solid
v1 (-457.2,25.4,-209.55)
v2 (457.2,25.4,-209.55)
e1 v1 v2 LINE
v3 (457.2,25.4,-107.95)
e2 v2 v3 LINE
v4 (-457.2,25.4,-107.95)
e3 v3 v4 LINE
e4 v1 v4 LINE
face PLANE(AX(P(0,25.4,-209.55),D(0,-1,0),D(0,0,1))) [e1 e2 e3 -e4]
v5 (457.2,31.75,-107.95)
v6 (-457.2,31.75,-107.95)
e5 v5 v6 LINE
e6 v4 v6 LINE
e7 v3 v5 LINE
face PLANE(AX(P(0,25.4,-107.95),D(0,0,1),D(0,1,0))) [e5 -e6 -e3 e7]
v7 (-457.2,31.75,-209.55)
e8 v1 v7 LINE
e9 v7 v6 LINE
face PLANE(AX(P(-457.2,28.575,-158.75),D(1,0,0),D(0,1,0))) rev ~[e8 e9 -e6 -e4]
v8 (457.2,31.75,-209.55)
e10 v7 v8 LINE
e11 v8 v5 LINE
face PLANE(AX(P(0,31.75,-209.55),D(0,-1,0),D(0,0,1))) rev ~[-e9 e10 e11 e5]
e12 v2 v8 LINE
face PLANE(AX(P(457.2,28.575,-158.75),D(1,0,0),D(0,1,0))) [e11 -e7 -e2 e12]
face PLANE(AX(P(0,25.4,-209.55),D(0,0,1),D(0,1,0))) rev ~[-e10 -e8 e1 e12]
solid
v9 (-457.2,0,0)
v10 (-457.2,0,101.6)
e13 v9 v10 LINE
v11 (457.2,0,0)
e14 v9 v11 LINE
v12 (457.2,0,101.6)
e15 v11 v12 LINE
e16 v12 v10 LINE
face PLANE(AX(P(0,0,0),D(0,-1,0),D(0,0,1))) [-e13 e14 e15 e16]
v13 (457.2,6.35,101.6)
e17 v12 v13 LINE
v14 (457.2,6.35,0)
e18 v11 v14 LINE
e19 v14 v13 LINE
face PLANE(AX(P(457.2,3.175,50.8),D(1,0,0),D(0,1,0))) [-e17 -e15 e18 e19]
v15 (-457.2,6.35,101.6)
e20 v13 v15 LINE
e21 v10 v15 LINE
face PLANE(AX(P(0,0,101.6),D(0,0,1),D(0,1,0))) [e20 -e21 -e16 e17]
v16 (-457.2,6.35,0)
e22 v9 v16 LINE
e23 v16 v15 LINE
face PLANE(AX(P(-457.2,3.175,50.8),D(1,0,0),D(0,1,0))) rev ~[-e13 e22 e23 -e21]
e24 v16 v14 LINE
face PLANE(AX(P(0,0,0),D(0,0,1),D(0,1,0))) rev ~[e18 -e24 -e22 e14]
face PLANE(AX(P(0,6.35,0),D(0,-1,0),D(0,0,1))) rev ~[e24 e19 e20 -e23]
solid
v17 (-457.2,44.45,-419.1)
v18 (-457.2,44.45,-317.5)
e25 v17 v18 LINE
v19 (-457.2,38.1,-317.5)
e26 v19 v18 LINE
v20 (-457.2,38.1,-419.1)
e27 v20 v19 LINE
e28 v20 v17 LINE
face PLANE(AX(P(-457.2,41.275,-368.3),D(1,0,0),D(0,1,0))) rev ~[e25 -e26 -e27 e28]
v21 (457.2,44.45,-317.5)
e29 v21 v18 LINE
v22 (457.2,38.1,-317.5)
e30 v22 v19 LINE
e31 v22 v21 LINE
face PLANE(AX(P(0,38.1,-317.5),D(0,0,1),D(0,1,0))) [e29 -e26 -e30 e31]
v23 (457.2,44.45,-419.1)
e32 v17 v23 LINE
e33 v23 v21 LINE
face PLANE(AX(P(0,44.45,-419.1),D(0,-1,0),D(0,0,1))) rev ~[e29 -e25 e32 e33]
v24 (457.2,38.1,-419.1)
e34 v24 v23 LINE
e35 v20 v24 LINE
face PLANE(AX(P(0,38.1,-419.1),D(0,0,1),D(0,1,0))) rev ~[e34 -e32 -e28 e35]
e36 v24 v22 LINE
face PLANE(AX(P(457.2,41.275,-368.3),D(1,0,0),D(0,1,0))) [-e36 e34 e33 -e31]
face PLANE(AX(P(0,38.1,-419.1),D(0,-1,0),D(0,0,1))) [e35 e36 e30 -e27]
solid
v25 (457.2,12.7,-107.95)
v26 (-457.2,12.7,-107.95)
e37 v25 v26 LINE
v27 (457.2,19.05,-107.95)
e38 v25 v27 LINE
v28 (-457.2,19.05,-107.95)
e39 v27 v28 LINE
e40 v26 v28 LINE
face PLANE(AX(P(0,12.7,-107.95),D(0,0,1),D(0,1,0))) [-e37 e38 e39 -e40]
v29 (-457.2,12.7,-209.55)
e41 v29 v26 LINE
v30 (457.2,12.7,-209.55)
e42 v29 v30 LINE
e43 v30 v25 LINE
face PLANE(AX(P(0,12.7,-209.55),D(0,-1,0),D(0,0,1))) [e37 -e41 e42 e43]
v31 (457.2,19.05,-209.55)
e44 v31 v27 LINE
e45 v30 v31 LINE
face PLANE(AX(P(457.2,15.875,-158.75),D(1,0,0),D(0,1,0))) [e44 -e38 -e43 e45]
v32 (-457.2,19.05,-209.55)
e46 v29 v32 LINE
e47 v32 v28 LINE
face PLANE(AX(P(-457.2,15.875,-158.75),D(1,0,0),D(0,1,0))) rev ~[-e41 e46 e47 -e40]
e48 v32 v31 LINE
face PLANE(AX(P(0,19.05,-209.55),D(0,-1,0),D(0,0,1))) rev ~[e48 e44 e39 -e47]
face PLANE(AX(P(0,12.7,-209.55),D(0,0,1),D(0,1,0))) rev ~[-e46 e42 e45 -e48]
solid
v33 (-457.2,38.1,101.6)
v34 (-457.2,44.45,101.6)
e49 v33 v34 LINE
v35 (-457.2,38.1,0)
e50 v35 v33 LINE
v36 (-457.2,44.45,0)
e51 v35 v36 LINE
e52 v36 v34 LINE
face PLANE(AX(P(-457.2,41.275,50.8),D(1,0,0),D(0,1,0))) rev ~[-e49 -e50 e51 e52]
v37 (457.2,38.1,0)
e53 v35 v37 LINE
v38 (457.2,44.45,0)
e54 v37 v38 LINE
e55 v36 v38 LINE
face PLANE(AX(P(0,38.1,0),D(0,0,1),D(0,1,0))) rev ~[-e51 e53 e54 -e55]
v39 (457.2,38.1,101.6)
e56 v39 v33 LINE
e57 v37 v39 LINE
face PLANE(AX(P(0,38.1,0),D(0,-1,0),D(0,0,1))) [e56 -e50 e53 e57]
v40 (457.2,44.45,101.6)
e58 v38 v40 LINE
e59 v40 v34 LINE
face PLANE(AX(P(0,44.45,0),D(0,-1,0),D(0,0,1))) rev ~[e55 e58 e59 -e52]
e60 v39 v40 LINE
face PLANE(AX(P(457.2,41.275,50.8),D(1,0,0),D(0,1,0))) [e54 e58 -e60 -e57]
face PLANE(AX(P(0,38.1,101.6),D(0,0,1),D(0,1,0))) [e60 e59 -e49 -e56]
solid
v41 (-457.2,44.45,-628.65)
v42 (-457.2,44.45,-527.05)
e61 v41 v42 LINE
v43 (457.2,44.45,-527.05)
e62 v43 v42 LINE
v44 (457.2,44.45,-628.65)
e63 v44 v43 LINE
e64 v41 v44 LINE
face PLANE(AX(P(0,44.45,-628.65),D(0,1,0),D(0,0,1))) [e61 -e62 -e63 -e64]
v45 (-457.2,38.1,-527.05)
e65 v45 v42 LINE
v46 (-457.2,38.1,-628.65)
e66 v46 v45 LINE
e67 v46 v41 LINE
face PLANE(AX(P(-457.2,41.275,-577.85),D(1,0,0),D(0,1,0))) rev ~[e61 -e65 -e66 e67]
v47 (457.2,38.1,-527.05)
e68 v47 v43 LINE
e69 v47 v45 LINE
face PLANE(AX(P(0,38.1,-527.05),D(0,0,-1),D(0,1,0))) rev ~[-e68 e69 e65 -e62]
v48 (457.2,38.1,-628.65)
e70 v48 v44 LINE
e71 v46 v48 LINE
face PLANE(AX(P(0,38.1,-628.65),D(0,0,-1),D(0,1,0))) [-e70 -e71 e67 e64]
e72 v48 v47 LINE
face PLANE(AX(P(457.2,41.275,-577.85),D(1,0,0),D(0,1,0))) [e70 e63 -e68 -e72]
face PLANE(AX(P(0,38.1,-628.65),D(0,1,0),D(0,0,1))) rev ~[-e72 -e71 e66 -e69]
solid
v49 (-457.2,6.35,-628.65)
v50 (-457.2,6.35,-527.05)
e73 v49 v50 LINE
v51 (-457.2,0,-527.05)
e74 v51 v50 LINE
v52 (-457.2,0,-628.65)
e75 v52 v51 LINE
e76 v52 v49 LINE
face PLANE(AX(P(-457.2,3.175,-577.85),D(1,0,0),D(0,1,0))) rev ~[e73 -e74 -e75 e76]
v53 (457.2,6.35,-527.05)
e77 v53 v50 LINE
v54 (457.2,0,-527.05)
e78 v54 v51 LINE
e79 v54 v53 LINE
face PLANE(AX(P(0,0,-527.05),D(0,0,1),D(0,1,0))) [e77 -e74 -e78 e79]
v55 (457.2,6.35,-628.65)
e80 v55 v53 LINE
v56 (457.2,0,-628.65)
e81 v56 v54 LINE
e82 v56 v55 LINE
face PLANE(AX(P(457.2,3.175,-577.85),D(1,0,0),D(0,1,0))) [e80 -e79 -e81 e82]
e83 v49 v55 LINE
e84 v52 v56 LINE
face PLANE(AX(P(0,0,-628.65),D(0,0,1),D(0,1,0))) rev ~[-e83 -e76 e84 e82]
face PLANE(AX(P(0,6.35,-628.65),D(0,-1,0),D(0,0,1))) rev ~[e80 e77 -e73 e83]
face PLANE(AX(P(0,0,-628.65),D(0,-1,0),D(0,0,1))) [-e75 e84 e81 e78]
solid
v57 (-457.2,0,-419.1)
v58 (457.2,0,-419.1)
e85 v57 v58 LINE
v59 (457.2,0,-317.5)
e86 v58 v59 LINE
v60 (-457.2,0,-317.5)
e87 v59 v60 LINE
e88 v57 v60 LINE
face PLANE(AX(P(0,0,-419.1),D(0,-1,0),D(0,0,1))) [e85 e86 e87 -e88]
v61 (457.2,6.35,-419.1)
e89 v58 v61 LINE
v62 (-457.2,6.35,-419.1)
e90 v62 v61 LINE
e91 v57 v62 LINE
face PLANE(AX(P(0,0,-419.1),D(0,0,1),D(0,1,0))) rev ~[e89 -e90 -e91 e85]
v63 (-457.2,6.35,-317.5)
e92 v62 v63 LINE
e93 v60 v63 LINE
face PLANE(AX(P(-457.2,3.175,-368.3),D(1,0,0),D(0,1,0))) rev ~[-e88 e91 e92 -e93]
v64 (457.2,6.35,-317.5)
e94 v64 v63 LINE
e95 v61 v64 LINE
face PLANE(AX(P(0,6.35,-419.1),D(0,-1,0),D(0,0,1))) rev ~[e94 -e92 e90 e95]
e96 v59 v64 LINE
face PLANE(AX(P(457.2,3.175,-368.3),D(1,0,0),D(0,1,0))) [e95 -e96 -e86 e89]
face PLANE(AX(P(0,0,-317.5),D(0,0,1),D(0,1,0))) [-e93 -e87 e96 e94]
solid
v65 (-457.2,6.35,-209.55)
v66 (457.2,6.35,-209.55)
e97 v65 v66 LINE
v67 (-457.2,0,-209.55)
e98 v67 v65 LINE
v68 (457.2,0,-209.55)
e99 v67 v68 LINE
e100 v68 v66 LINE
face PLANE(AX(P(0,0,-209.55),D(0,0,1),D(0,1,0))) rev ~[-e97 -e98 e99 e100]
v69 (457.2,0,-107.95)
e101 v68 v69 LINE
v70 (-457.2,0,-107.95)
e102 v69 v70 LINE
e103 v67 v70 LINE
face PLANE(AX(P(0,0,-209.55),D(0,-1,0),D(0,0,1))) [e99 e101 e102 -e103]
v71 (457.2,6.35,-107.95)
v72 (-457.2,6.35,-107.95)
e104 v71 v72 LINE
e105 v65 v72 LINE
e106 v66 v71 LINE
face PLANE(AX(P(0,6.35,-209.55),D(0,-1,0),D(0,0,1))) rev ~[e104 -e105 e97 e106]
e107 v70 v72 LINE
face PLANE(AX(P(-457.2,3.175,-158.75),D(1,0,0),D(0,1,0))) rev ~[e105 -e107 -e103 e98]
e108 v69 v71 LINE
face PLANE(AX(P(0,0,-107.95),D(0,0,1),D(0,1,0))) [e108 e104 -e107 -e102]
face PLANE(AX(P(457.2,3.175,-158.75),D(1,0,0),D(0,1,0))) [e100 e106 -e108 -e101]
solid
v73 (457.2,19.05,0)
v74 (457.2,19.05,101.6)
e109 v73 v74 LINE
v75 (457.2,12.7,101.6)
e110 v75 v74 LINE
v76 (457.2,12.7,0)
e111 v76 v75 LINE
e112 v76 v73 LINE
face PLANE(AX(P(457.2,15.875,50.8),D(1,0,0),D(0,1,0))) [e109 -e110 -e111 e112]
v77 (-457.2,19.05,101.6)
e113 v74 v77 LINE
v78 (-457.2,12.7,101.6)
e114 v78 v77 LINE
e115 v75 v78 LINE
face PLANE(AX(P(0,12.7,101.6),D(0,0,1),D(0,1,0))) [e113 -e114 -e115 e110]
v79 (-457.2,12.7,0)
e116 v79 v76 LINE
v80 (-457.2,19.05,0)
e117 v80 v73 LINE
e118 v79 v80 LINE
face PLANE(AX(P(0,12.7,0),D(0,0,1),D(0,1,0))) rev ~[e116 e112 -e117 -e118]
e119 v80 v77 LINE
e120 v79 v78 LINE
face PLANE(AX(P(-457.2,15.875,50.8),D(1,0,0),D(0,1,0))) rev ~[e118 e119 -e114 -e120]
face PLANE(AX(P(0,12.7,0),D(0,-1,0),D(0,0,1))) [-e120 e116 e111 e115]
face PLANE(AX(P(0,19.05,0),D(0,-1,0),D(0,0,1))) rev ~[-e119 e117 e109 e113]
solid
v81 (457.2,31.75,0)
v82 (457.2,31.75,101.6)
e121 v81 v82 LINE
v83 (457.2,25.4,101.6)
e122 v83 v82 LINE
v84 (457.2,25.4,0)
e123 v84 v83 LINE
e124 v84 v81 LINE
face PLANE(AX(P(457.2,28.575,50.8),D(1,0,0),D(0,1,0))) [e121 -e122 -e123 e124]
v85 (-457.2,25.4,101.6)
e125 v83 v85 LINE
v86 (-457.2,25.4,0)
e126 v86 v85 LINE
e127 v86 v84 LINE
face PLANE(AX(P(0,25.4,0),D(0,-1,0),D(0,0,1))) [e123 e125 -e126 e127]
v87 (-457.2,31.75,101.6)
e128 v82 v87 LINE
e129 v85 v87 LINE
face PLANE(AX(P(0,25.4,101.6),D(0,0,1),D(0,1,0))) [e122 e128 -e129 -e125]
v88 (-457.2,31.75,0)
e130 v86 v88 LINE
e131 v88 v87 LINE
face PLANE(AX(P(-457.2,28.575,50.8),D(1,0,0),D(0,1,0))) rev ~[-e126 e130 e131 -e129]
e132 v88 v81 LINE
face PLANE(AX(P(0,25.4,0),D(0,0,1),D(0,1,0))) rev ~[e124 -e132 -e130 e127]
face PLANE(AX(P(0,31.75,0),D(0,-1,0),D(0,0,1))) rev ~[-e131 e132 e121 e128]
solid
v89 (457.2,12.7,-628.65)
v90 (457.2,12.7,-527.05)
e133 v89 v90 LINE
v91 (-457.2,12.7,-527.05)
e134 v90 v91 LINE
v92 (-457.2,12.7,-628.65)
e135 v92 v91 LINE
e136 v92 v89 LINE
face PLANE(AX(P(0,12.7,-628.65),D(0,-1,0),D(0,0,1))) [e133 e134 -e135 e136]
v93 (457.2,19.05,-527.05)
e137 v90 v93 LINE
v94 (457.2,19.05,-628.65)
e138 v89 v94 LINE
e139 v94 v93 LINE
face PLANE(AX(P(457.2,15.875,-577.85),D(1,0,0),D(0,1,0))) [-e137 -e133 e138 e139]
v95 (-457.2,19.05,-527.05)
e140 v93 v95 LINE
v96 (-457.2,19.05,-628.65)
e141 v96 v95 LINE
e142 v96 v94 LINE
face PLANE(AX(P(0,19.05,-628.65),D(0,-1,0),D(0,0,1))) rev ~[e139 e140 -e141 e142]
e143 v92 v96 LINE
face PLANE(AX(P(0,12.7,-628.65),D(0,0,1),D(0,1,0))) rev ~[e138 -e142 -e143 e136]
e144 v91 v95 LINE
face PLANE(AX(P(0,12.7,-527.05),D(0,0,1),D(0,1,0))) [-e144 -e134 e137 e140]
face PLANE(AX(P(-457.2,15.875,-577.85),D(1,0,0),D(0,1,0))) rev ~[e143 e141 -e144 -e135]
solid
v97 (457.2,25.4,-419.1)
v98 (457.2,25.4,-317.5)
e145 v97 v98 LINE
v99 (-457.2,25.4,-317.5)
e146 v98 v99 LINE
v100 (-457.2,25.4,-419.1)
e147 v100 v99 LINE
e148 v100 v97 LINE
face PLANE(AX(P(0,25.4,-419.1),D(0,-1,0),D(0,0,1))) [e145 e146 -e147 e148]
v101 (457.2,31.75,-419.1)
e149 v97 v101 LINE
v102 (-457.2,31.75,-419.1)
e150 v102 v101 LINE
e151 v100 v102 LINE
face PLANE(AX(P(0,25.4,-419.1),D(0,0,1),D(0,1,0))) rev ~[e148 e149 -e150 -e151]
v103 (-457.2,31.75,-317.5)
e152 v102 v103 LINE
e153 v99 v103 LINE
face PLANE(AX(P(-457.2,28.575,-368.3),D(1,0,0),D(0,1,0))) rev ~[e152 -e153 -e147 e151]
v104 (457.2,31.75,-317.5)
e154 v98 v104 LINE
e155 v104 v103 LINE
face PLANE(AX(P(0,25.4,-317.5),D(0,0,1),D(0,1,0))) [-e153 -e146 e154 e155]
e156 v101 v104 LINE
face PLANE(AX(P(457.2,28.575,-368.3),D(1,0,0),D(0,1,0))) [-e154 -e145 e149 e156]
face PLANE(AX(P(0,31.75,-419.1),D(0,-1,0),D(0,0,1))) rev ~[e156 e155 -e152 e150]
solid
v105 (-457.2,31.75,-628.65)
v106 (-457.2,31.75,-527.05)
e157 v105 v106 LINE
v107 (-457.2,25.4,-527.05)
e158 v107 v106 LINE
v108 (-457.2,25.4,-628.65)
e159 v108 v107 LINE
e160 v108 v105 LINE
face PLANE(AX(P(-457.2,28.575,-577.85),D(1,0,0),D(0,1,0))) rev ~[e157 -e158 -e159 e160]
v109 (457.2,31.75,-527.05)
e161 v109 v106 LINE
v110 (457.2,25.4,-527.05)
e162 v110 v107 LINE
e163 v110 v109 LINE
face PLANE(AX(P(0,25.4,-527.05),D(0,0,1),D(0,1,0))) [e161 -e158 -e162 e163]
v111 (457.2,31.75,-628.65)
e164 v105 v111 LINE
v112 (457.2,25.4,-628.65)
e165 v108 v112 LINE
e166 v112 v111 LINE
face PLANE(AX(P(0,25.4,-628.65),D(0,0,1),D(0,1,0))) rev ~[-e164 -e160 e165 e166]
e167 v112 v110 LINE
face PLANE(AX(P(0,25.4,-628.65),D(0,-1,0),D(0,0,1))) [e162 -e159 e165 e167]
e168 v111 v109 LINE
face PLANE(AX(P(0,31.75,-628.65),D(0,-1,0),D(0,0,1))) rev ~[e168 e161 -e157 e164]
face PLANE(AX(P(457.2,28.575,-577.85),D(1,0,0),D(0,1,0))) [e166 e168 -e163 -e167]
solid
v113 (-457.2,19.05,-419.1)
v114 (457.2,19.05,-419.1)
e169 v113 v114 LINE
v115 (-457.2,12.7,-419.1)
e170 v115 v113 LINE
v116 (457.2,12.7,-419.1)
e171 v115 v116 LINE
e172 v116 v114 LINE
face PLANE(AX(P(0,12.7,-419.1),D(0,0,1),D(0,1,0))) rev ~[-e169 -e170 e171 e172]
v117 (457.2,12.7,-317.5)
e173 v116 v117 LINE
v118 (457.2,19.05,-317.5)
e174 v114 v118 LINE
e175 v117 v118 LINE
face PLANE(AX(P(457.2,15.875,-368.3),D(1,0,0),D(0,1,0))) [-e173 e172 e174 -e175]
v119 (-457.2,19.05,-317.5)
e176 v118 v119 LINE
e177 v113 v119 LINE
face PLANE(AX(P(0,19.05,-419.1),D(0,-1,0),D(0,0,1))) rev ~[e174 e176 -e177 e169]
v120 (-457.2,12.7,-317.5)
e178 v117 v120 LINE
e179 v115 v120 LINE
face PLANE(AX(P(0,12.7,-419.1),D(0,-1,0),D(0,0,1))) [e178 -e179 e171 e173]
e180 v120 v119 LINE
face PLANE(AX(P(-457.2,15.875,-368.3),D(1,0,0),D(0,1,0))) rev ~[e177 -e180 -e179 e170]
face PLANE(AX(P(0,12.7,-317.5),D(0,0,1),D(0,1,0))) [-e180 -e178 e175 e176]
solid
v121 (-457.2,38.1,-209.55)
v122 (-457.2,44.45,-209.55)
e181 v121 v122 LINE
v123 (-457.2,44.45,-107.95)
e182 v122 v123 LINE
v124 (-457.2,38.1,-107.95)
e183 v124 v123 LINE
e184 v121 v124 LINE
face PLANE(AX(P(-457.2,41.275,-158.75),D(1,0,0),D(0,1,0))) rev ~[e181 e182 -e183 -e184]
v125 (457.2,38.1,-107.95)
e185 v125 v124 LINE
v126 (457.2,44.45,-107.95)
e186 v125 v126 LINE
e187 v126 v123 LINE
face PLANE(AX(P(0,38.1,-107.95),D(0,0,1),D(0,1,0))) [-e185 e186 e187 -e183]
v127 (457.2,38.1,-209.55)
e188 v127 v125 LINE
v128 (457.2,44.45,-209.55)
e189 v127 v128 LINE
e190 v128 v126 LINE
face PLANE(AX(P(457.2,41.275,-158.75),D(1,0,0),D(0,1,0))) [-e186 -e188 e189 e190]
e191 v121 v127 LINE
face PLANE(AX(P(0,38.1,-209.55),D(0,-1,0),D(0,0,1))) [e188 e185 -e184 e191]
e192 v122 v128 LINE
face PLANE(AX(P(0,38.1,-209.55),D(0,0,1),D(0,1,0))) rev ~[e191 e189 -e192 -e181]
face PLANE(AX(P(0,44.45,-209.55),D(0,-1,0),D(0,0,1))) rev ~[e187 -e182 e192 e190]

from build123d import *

# Parameters (mm, degrees)
F0_W     = 6.35
F0_H     = 101.6
F1_DEPTH = 457.2


with BuildPart() as f1:
    # F0 (on Right) → F1 (new body, symmetric)
    with BuildSketch(Plane.YZ):
        with Locations((3.175, 50.8)):
            Rectangle(F0_W, F0_H)
        with Locations((3.175, -158.75)):
            Rectangle(F0_W, F0_H)
        with Locations((3.175, -368.3)):
            Rectangle(F0_W, F0_H)
        with Locations((3.175, -577.85)):
            Rectangle(F0_W, F0_H)
        with Locations((15.875, 50.8)):
            Rectangle(F0_W, F0_H)
        with Locations((15.875, -158.75)):
            Rectangle(F0_W, F0_H)
        with Locations((15.875, -368.3)):
            Rectangle(F0_W, F0_H)
        with Locations((15.875, -577.85)):
            Rectangle(F0_W, F0_H)
        with Locations((28.575, 50.8)):
            Rectangle(F0_W, F0_H)
        with Locations((28.575, -158.75)):
            Rectangle(F0_W, F0_H)
        with Locations((28.575, -368.3)):
            Rectangle(F0_W, F0_H)
        with Locations((28.575, -577.85)):
            Rectangle(F0_W, F0_H)
        with Locations((41.275, 50.8)):
            Rectangle(F0_W, F0_H)
        with Locations((41.275, -158.75)):
            Rectangle(F0_W, F0_H)
        with Locations((41.275, -368.3)):
            Rectangle(F0_W, F0_H)
        with Locations((41.275, -577.85)):
            Rectangle(F0_W, F0_H)
    extrude(amount=F1_DEPTH, both=True)


solid = f1.part
